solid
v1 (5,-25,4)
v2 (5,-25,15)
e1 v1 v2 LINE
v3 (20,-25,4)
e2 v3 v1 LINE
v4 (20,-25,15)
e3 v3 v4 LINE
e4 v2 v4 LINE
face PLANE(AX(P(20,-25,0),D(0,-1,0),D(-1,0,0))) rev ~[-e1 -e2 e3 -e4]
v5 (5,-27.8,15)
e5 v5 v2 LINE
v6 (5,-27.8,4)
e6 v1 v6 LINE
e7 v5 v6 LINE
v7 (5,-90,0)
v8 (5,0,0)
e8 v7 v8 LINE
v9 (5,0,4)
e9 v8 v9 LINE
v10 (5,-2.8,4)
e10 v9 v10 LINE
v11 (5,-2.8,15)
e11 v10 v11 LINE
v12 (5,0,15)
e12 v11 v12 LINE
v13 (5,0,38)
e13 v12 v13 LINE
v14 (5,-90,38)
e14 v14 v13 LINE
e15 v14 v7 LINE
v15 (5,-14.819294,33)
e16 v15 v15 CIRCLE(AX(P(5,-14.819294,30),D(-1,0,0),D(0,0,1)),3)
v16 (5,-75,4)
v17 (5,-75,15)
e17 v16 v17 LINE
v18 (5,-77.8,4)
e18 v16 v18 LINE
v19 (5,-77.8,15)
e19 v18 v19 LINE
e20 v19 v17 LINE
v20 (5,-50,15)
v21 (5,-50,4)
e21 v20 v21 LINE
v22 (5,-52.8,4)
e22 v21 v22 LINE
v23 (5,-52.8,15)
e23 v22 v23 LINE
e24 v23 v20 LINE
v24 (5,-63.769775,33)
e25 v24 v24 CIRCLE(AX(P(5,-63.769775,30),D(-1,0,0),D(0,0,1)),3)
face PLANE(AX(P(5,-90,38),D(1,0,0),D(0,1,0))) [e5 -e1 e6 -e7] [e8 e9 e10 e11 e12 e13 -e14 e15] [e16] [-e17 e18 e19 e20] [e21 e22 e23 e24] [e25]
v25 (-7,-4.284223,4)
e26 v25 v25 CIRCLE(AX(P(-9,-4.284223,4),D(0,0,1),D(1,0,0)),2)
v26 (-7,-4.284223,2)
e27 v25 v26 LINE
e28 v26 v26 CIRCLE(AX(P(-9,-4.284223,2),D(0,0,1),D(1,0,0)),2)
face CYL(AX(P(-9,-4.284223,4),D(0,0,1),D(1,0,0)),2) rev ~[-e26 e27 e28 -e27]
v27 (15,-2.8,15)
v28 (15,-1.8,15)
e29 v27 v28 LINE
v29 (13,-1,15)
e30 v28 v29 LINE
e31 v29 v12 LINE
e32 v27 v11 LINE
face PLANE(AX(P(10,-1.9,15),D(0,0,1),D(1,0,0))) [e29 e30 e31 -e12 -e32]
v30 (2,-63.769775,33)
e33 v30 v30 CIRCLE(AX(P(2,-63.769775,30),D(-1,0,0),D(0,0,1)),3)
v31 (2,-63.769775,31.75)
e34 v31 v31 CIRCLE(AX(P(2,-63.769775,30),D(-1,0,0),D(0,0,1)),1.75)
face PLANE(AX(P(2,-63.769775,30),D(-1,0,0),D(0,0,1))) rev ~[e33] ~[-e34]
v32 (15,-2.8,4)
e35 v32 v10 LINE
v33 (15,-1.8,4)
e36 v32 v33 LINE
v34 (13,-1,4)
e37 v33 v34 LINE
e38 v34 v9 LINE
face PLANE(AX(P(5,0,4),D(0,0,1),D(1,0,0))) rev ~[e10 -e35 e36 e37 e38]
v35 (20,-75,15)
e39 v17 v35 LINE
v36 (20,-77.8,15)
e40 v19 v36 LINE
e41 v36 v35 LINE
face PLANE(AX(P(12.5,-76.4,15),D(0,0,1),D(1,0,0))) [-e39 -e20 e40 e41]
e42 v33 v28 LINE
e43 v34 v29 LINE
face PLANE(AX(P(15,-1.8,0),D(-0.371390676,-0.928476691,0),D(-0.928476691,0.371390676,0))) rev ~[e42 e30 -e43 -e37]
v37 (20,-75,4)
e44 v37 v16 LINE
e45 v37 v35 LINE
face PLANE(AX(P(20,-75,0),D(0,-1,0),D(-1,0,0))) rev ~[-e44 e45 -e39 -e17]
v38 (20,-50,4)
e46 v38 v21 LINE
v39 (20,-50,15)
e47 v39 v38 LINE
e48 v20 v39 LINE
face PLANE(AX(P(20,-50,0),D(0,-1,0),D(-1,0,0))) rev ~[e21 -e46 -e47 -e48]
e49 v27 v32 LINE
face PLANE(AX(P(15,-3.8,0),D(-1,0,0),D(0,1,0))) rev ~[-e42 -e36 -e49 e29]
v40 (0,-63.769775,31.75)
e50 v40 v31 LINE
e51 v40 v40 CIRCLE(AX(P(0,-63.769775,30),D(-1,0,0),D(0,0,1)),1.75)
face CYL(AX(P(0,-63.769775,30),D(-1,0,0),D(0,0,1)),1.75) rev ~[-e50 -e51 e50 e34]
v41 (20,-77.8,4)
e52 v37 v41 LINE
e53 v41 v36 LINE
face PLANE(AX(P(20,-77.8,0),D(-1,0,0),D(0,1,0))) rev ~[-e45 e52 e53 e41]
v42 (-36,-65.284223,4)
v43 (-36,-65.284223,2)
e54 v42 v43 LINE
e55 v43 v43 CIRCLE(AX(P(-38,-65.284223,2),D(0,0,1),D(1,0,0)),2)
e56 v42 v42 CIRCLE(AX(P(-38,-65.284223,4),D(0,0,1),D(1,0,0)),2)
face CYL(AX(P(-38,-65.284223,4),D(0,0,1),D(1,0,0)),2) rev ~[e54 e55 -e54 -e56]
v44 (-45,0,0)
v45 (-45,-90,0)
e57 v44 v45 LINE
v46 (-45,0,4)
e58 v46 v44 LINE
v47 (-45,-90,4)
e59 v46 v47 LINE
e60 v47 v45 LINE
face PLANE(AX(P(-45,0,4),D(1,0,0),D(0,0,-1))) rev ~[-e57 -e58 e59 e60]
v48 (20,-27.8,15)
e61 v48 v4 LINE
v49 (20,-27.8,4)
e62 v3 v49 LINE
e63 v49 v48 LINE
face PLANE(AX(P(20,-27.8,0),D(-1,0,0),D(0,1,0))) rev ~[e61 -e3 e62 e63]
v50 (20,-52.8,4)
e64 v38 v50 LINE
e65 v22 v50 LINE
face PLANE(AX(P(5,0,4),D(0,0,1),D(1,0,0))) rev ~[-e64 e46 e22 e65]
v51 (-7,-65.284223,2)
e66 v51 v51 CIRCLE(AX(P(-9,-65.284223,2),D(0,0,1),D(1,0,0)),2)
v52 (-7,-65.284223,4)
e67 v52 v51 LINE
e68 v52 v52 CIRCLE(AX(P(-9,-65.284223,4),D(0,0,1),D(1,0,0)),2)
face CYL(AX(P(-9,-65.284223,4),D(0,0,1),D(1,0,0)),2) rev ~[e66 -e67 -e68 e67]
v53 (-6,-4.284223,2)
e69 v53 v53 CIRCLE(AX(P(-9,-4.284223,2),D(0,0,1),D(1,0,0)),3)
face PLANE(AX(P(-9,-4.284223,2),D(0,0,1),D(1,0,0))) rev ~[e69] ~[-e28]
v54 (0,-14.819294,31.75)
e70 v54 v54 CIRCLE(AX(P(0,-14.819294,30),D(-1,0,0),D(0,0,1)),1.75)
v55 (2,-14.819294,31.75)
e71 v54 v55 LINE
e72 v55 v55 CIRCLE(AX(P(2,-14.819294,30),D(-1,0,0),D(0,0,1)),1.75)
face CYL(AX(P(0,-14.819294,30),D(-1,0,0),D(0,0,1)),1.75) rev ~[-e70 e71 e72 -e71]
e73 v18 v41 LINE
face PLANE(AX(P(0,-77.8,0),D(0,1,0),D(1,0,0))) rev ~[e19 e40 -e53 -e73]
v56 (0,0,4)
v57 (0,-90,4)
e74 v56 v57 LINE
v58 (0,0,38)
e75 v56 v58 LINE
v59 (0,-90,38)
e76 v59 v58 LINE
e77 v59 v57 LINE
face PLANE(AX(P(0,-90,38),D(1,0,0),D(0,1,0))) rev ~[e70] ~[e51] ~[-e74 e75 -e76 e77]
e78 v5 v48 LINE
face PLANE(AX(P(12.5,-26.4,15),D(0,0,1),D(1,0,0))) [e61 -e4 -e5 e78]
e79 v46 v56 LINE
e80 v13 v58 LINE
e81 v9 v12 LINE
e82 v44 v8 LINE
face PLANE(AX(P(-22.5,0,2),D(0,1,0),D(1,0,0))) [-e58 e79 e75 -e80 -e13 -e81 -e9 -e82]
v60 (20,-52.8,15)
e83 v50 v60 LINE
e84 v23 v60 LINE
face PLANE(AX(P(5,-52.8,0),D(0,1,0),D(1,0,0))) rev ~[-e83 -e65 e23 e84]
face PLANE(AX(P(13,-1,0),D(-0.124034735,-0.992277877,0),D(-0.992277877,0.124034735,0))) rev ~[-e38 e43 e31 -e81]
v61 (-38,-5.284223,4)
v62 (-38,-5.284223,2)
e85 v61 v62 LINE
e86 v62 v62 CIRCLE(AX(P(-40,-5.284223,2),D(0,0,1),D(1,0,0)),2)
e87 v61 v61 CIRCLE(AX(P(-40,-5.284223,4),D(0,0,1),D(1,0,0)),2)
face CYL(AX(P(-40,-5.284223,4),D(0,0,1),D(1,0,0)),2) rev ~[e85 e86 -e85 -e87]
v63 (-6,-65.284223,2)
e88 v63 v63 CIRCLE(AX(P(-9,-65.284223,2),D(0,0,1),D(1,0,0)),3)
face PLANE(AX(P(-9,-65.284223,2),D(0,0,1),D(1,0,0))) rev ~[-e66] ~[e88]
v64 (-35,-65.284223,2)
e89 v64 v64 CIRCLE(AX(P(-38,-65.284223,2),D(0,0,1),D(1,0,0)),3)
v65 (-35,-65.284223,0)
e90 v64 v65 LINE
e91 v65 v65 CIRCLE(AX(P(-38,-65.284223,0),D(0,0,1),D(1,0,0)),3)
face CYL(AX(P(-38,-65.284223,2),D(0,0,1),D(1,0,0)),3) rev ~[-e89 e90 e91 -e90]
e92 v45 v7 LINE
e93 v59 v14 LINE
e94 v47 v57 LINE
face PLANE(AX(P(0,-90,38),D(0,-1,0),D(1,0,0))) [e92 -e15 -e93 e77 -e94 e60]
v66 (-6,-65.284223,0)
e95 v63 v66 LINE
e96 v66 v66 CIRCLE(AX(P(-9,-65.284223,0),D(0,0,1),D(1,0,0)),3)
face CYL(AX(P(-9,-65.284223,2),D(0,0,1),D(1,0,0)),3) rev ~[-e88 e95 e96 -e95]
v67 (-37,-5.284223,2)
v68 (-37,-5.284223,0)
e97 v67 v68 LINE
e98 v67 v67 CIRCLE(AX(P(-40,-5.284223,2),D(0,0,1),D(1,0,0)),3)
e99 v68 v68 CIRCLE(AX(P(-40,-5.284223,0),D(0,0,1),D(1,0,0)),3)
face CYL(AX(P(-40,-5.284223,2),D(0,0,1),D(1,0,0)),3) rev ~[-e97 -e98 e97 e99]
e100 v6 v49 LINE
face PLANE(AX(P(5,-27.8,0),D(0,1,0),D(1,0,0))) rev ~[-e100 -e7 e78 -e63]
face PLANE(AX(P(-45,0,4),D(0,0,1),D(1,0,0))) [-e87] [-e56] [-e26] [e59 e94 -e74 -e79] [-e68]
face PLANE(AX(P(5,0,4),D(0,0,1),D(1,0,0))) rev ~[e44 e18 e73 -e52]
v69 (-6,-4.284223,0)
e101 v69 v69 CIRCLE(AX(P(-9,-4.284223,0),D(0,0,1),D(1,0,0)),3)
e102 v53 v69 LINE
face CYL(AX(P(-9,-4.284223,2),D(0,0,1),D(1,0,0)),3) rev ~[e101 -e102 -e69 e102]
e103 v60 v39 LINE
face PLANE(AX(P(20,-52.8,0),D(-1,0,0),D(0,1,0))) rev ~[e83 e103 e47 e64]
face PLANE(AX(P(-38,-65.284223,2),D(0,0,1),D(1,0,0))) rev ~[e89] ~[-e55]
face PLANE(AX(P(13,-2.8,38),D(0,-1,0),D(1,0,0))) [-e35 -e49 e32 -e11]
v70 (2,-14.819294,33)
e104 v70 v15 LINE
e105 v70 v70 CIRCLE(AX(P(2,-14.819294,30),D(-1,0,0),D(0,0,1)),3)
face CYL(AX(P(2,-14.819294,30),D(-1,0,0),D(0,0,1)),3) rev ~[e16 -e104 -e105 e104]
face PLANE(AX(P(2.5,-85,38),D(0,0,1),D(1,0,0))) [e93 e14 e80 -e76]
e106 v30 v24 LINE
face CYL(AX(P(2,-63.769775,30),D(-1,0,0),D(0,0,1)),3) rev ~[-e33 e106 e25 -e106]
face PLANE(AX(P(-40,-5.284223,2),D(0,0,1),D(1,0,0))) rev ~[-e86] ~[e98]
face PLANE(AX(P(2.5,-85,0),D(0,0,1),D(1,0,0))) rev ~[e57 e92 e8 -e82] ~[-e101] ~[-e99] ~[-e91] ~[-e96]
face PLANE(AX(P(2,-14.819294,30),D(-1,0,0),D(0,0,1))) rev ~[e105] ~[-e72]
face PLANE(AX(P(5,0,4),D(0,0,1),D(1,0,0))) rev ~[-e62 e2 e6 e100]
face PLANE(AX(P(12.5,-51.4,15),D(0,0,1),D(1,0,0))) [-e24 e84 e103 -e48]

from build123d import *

# Parameters (mm, degrees)
EXTRUDE_1_DEPTH     = 38
EXTRUDE_1_2_DEPTH   = 38
EXTRUDE_7_DEPTH     = 38
SKETCH_13_W         = 45
SKETCH_13_H         = 4
EXTRUDE_9_DEPTH     = 90
SKETCH_1_4_W        = 5
SKETCH_1_4_H        = 2.2
EXTRUDE_10_DEPTH    = 38
SKETCH_11_R         = 1.75
CUT_EXTRUDE_2_DEPTH = 38
CUT_EXTRUDE_START   = -2
SKETCH_11_3_R       = 3
SKETCH_11_3_R_2     = 1.75
CUT_EXTRUDE_3_DEPTH = 38
SKETCH_15_R         = 2
CUT_EXTRUDE_4_DEPTH = 38
SKETCH_15_3_R       = 3
SKETCH_15_3_R_2     = 2
CUT_EXTRUDE_5_DEPTH = 38
SKETCH_17_W         = 15
SKETCH_17_H         = 2.8
EXTRUDE_12_DEPTH    = 23
SKETCH_18_W         = 2
SKETCH_18_H         = 1
CUT_EXTRUDE_6_DEPTH = 40
SKETCH_17_2_W       = 15
SKETCH_17_2_H       = 2.8
SKETCH_17_2_W_2     = 10
SKETCH_17_2_H_2     = 3.8
CUT_EXTRUDE_7_DEPTH = 23
SKETCH_20_W         = 15
SKETCH_20_H         = 4
CUT_EXTRUDE_8_DEPTH = 89
SKETCH_17_4_W       = 5
SKETCH_17_4_H       = 10
EXTRUDE_13_DEPTH    = 38


with BuildPart() as part:
    # 스케치1 → 보스-돌출1 (new body)
    with BuildSketch(Plane.XY):
        Polygon((15, -3.8), (15, -1.8), (13, -1), (13, -3.8), align=None)
    extrude(amount=EXTRUDE_1_DEPTH)



with BuildPart() as body_2:
    # 스케치1 → Extrude 1 2 (new body)
    with BuildSketch(Plane.XY):
        Polygon((5, -75), (5, -52.8), (20, -52.8), (20, -50), (5, -50), (5, -27.8), (20, -27.8), (20, -25), (5, -25), (5, 0), (0, 0), (0, -77.8), (20, -77.8), (20, -75), align=None)
    extrude(amount=EXTRUDE_1_2_DEPTH)


with BuildPart() as part_1:
    add(part.part)

    add(body_2.part)  # 보스-돌출7 merges body 2
    # 스케치1<3> → 보스-돌출7 (add)
    with BuildSketch(Plane.XY):
        Polygon((13, -2.8), (13, -1), (5, 0), (5, -0.74611229), (5, -2.8), align=None)
    extrude(amount=EXTRUDE_7_DEPTH)

    # 스케치13 → 보스-돌출9 (add)
    with BuildSketch(Plane(origin=(0, 0, 0), x_dir=(1, 0, 0), z_dir=(0, 1, 0))):
        with Locations((-22.5, -2)):
            Rectangle(SKETCH_13_W, SKETCH_13_H)
    extrude(amount=-EXTRUDE_9_DEPTH)

    # 스케치1<4> → 보스-돌출10 (add)
    with BuildSketch(Plane.XY):
        with Locations((2.5, -78.9)):
            Rectangle(SKETCH_1_4_W, SKETCH_1_4_H)
    extrude(amount=EXTRUDE_10_DEPTH)

    # 스케치11 → 컷-돌출2 (cut)
    with BuildSketch(Plane.ZY):
        with Locations((30, -63.769774624)):
            Circle(SKETCH_11_R)
        with Locations((30, -14.819294268)):
            Circle(SKETCH_11_R)
    extrude(amount=-CUT_EXTRUDE_2_DEPTH, mode=Mode.SUBTRACT)

    # 스케치11<3> → 컷-돌출3 (cut)
    with BuildSketch(Plane.ZY.offset(CUT_EXTRUDE_START)):
        with Locations((30, -63.769774624)):
            Circle(SKETCH_11_3_R)
        with Locations((30, -63.769774624)):
            Circle(SKETCH_11_3_R_2, mode=Mode.SUBTRACT)
        with Locations((30, -14.819294268)):
            Circle(SKETCH_11_3_R)
        with Locations((30, -14.819294268)):
            Circle(SKETCH_11_3_R_2, mode=Mode.SUBTRACT)
    extrude(amount=-CUT_EXTRUDE_3_DEPTH, mode=Mode.SUBTRACT)

    # 스케치15 → 컷-돌출4 (cut)
    with BuildSketch(Plane.XY.offset(4)):
        with Locations((-40, -5.284222689)):
            Circle(SKETCH_15_R)
        with Locations((-9, -4.284222689)):
            Circle(SKETCH_15_R)
        with Locations((-9, -65.284222689)):
            Circle(SKETCH_15_R)
        with Locations((-38, -65.284222689)):
            Circle(SKETCH_15_R)
    extrude(amount=-CUT_EXTRUDE_4_DEPTH, mode=Mode.SUBTRACT)

    # 스케치15<3> → 컷-돌출5 (cut)
    with BuildSketch(Plane.XY.offset(4).offset(CUT_EXTRUDE_START)):
        with Locations((-40, -5.284222689)):
            Circle(SKETCH_15_3_R)
        with Locations((-40, -5.284222689)):
            Circle(SKETCH_15_3_R_2, mode=Mode.SUBTRACT)
        with Locations((-38, -65.284222689)):
            Circle(SKETCH_15_3_R)
        with Locations((-38, -65.284222689)):
            Circle(SKETCH_15_3_R_2, mode=Mode.SUBTRACT)
        with Locations((-9, -65.284222689)):
            Circle(SKETCH_15_3_R)
        with Locations((-9, -65.284222689)):
            Circle(SKETCH_15_3_R_2, mode=Mode.SUBTRACT)
        with Locations((-9, -4.284222689)):
            Circle(SKETCH_15_3_R)
        with Locations((-9, -4.284222689)):
            Circle(SKETCH_15_3_R_2, mode=Mode.SUBTRACT)
    extrude(amount=-CUT_EXTRUDE_5_DEPTH, mode=Mode.SUBTRACT)

    # 스케치17 → 보스-돌출12 (add)
    with BuildSketch(Plane.XY.offset(38)):
        with Locations((12.5, -26.4)):
            Rectangle(SKETCH_17_W, SKETCH_17_H)
        with Locations((12.5, -51.4)):
            Rectangle(SKETCH_17_W, SKETCH_17_H)
        with Locations((12.5, -76.4)):
            Rectangle(SKETCH_17_W, SKETCH_17_H)
    extrude(amount=-EXTRUDE_12_DEPTH)

    # 스케치18 → 컷-돌출6 (cut)
    with BuildSketch(Plane.XY.offset(38)):
        with Locations((14, -3.3)):
            Rectangle(SKETCH_18_W, SKETCH_18_H)
    extrude(amount=-CUT_EXTRUDE_6_DEPTH, mode=Mode.SUBTRACT)

    # 스케치17<2> → 컷-돌출7 (cut)
    with BuildSketch(Plane.XY.offset(38)):
        with Locations((12.5, -76.4)):
            Rectangle(SKETCH_17_2_W, SKETCH_17_2_H)
        with Locations((12.5, -51.4)):
            Rectangle(SKETCH_17_2_W, SKETCH_17_2_H)
        with Locations((12.5, -26.4)):
            Rectangle(SKETCH_17_2_W, SKETCH_17_2_H)
        with Locations((10, -1.9)):
            Rectangle(SKETCH_17_2_W_2, SKETCH_17_2_H_2)
    extrude(amount=-CUT_EXTRUDE_7_DEPTH, mode=Mode.SUBTRACT)

    # 스케치20 → 컷-돌출8 (cut)
    with BuildSketch(Plane(origin=(0, 0, 0), x_dir=(1, 0, 0), z_dir=(0, 1, 0))):
        with Locations((12.5, -2)):
            Rectangle(SKETCH_20_W, SKETCH_20_H)
    extrude(amount=-CUT_EXTRUDE_8_DEPTH, mode=Mode.SUBTRACT)

    # 스케치17<4> → 보스-돌출13 (add)
    with BuildSketch(Plane.XY.offset(38)):
        with Locations((2.5, -85)):
            Rectangle(SKETCH_17_4_W, SKETCH_17_4_H)
    extrude(amount=-EXTRUDE_13_DEPTH)


solid = part_1.part
